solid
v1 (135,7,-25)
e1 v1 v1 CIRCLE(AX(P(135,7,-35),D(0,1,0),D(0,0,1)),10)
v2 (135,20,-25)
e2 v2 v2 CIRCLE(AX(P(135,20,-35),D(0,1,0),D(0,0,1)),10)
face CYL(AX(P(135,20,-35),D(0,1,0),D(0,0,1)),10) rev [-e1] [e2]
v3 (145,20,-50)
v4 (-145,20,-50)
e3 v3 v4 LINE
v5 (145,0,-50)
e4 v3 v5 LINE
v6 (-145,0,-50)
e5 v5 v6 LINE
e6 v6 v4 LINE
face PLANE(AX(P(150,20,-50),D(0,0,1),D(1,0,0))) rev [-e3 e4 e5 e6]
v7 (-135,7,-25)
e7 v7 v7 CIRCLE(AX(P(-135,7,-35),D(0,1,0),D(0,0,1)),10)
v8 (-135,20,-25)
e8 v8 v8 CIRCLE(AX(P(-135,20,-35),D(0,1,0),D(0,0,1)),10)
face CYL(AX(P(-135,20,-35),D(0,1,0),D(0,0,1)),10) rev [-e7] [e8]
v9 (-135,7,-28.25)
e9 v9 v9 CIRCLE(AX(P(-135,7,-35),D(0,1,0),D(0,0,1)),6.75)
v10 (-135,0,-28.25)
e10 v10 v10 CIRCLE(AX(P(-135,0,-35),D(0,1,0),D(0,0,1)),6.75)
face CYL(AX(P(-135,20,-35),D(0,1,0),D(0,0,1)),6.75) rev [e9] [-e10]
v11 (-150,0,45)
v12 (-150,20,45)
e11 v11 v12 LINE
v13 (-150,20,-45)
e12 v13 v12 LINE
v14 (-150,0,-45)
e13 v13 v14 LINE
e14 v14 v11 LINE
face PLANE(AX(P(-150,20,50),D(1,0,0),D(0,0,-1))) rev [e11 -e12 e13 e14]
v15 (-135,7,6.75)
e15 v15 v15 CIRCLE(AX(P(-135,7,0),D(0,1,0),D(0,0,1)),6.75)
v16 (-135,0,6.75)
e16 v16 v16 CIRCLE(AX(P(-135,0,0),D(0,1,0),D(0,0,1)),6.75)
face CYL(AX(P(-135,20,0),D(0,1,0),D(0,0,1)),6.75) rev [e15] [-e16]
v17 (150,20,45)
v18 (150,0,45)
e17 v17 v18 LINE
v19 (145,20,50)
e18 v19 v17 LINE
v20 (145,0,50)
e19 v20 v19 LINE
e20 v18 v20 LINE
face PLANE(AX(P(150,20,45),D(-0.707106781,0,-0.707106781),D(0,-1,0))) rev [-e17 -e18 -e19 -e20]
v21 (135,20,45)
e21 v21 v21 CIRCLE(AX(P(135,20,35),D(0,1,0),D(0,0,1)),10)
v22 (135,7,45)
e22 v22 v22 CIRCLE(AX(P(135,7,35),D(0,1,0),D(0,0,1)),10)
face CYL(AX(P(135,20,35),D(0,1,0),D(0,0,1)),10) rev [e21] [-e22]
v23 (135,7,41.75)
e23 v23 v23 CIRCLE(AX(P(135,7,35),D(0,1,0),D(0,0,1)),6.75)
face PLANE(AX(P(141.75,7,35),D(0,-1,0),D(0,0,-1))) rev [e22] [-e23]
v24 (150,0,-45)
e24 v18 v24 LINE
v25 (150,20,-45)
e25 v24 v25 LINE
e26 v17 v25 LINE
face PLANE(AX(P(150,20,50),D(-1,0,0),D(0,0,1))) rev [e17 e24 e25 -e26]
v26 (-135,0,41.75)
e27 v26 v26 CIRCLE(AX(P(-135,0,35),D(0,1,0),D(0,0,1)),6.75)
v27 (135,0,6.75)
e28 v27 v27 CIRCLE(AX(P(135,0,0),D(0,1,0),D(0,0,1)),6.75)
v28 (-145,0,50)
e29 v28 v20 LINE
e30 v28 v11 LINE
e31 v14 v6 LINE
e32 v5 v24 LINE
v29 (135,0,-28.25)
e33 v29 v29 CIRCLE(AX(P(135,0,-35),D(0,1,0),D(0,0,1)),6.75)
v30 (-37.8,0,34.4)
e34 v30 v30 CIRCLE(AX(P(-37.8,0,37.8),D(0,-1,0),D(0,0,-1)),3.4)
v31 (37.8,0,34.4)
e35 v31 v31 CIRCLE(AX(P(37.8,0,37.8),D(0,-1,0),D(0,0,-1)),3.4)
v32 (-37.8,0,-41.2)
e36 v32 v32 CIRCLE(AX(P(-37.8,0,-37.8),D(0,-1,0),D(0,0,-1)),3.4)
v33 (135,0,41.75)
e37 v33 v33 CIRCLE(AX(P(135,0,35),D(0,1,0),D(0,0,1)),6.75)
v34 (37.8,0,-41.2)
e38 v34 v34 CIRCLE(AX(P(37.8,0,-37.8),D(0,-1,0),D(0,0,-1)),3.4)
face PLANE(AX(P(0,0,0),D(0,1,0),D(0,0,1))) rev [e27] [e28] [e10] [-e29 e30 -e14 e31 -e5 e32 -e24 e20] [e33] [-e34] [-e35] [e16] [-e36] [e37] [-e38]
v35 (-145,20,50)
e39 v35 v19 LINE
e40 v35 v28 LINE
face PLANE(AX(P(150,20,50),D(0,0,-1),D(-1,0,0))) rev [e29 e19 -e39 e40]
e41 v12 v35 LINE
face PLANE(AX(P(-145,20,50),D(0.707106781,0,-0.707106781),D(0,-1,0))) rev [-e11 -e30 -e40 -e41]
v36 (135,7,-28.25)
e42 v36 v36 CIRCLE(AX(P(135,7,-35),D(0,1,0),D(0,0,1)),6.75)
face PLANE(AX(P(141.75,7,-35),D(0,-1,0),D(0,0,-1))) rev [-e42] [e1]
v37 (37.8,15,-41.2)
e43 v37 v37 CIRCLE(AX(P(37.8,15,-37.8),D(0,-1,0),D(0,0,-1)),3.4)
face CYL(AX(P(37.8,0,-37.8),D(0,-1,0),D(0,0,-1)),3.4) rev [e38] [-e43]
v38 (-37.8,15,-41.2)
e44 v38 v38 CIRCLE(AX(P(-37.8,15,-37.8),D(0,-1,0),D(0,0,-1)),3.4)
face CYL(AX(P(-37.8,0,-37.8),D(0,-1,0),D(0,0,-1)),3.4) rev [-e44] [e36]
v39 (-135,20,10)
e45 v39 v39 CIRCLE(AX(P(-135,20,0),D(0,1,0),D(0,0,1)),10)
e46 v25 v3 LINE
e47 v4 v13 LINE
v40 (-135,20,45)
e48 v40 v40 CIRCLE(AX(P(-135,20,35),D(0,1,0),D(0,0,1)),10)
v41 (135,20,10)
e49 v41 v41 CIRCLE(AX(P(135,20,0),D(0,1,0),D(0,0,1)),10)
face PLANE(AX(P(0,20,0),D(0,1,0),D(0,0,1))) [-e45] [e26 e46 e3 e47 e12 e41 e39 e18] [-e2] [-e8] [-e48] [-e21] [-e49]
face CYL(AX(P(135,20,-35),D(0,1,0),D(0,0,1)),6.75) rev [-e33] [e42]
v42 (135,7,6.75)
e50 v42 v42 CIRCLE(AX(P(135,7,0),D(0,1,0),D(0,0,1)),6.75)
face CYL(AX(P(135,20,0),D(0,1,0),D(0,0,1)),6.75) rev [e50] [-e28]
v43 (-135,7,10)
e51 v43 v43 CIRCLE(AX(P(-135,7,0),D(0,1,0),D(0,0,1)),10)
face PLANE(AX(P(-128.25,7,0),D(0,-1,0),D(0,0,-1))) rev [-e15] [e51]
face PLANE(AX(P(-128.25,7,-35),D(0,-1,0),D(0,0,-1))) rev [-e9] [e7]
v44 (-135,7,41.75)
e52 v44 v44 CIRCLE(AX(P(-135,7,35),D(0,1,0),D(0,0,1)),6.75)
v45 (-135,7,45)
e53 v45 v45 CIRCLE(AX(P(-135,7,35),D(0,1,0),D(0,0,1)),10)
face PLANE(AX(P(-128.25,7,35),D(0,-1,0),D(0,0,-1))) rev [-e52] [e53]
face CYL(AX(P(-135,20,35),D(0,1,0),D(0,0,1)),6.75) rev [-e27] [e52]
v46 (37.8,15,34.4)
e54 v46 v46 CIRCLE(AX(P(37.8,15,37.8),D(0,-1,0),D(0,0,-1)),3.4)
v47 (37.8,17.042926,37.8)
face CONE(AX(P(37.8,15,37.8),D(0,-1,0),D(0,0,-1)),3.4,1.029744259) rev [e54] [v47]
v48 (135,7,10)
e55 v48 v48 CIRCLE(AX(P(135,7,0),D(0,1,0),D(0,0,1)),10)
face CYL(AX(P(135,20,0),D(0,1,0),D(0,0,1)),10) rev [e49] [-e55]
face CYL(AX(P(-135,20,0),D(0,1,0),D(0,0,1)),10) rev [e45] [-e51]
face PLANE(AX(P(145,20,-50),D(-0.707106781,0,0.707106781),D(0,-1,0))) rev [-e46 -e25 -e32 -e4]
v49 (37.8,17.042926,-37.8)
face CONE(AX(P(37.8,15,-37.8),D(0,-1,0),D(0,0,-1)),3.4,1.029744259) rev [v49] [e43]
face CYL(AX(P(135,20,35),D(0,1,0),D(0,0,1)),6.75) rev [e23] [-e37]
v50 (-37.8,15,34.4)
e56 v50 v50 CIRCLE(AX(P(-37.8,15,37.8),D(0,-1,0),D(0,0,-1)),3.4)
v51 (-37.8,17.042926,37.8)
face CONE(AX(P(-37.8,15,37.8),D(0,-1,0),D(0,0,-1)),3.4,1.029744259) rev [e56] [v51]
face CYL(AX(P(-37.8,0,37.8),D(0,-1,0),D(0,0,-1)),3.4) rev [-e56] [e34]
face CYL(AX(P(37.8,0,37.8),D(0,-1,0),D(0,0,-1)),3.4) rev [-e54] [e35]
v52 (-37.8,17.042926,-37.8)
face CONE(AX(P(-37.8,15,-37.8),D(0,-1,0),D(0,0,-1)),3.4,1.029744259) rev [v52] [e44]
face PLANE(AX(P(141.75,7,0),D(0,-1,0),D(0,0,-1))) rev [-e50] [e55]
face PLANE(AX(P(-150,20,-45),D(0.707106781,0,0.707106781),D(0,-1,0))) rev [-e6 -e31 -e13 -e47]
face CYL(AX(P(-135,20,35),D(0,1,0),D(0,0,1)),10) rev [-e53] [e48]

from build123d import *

# Parameters (mm, degrees)
SKETCH1_W                                            = 300
SKETCH1_H                                            = 100
BOSS_EXTRUDE1_DEPTH                                  = 20
CBORE_FOR_M12_HEXAGON_SOCKET_HEAD_CAP_SC_D           = 13.5
CBORE_FOR_M12_HEXAGON_SOCKET_HEAD_CAP_SC_CBORE_D     = 20
CBORE_FOR_M12_HEXAGON_SOCKET_HEAD_CAP_SC_CBORE_DEPTH = 13
CHAMFER1_SIZE                                        = 5
M8_TAPPED_HOLE1_D                                    = 6.8
M8_TAPPED_HOLE1_DEPTH                                = 15
M8_TAPPED_HOLE1_TIP                                  = 2.042926105


with BuildPart() as part:
    # Sketch1 → Boss-Extrude1 (new body)
    with BuildSketch(Plane(origin=(0, 0, 0), x_dir=(1, 0, 0), z_dir=(0, 1, 0))):
        Rectangle(SKETCH1_W, SKETCH1_H)
    extrude(amount=BOSS_EXTRUDE1_DEPTH)

    # CBORE for M12 Hexagon socket head cap screws1 (through all)
    with Locations(Plane(origin=(0, 20, 0), x_dir=(1, 0, 0), z_dir=(0, 1, 0))):
        with Locations((-135, 35), (-135, -35), (-135, 0), (135, 0), (135, -35), (135, 35)):
            CounterBoreHole(CBORE_FOR_M12_HEXAGON_SOCKET_HEAD_CAP_SC_D / 2, CBORE_FOR_M12_HEXAGON_SOCKET_HEAD_CAP_SC_CBORE_D / 2, CBORE_FOR_M12_HEXAGON_SOCKET_HEAD_CAP_SC_CBORE_DEPTH)

    # Chamfer1
    chamfer1_edges = [part.edges().sort_by_distance(p)[0] for p in [
        (-150, 10, -50),
        (150, 10, -50),
        (150, 10, 50),
        (-150, 10, 50),
    ]]
    chamfer(chamfer1_edges, length=CHAMFER1_SIZE)

    # M8 Tapped Hole1
    with Locations(Plane(origin=(0, 0, 0), x_dir=(-1, 0, 0), z_dir=(0, -1, 0))):
        with Locations((-37.8, 37.8), (37.8, 37.8), (37.8, -37.8), (-37.8, -37.8)):
            Hole(M8_TAPPED_HOLE1_D / 2, depth=M8_TAPPED_HOLE1_DEPTH)
            with Locations((0, 0, -(M8_TAPPED_HOLE1_DEPTH + M8_TAPPED_HOLE1_TIP / 2))):  # 118° drill point
                Cone(0, M8_TAPPED_HOLE1_D / 2, M8_TAPPED_HOLE1_TIP, mode=Mode.SUBTRACT)


solid = part.part
